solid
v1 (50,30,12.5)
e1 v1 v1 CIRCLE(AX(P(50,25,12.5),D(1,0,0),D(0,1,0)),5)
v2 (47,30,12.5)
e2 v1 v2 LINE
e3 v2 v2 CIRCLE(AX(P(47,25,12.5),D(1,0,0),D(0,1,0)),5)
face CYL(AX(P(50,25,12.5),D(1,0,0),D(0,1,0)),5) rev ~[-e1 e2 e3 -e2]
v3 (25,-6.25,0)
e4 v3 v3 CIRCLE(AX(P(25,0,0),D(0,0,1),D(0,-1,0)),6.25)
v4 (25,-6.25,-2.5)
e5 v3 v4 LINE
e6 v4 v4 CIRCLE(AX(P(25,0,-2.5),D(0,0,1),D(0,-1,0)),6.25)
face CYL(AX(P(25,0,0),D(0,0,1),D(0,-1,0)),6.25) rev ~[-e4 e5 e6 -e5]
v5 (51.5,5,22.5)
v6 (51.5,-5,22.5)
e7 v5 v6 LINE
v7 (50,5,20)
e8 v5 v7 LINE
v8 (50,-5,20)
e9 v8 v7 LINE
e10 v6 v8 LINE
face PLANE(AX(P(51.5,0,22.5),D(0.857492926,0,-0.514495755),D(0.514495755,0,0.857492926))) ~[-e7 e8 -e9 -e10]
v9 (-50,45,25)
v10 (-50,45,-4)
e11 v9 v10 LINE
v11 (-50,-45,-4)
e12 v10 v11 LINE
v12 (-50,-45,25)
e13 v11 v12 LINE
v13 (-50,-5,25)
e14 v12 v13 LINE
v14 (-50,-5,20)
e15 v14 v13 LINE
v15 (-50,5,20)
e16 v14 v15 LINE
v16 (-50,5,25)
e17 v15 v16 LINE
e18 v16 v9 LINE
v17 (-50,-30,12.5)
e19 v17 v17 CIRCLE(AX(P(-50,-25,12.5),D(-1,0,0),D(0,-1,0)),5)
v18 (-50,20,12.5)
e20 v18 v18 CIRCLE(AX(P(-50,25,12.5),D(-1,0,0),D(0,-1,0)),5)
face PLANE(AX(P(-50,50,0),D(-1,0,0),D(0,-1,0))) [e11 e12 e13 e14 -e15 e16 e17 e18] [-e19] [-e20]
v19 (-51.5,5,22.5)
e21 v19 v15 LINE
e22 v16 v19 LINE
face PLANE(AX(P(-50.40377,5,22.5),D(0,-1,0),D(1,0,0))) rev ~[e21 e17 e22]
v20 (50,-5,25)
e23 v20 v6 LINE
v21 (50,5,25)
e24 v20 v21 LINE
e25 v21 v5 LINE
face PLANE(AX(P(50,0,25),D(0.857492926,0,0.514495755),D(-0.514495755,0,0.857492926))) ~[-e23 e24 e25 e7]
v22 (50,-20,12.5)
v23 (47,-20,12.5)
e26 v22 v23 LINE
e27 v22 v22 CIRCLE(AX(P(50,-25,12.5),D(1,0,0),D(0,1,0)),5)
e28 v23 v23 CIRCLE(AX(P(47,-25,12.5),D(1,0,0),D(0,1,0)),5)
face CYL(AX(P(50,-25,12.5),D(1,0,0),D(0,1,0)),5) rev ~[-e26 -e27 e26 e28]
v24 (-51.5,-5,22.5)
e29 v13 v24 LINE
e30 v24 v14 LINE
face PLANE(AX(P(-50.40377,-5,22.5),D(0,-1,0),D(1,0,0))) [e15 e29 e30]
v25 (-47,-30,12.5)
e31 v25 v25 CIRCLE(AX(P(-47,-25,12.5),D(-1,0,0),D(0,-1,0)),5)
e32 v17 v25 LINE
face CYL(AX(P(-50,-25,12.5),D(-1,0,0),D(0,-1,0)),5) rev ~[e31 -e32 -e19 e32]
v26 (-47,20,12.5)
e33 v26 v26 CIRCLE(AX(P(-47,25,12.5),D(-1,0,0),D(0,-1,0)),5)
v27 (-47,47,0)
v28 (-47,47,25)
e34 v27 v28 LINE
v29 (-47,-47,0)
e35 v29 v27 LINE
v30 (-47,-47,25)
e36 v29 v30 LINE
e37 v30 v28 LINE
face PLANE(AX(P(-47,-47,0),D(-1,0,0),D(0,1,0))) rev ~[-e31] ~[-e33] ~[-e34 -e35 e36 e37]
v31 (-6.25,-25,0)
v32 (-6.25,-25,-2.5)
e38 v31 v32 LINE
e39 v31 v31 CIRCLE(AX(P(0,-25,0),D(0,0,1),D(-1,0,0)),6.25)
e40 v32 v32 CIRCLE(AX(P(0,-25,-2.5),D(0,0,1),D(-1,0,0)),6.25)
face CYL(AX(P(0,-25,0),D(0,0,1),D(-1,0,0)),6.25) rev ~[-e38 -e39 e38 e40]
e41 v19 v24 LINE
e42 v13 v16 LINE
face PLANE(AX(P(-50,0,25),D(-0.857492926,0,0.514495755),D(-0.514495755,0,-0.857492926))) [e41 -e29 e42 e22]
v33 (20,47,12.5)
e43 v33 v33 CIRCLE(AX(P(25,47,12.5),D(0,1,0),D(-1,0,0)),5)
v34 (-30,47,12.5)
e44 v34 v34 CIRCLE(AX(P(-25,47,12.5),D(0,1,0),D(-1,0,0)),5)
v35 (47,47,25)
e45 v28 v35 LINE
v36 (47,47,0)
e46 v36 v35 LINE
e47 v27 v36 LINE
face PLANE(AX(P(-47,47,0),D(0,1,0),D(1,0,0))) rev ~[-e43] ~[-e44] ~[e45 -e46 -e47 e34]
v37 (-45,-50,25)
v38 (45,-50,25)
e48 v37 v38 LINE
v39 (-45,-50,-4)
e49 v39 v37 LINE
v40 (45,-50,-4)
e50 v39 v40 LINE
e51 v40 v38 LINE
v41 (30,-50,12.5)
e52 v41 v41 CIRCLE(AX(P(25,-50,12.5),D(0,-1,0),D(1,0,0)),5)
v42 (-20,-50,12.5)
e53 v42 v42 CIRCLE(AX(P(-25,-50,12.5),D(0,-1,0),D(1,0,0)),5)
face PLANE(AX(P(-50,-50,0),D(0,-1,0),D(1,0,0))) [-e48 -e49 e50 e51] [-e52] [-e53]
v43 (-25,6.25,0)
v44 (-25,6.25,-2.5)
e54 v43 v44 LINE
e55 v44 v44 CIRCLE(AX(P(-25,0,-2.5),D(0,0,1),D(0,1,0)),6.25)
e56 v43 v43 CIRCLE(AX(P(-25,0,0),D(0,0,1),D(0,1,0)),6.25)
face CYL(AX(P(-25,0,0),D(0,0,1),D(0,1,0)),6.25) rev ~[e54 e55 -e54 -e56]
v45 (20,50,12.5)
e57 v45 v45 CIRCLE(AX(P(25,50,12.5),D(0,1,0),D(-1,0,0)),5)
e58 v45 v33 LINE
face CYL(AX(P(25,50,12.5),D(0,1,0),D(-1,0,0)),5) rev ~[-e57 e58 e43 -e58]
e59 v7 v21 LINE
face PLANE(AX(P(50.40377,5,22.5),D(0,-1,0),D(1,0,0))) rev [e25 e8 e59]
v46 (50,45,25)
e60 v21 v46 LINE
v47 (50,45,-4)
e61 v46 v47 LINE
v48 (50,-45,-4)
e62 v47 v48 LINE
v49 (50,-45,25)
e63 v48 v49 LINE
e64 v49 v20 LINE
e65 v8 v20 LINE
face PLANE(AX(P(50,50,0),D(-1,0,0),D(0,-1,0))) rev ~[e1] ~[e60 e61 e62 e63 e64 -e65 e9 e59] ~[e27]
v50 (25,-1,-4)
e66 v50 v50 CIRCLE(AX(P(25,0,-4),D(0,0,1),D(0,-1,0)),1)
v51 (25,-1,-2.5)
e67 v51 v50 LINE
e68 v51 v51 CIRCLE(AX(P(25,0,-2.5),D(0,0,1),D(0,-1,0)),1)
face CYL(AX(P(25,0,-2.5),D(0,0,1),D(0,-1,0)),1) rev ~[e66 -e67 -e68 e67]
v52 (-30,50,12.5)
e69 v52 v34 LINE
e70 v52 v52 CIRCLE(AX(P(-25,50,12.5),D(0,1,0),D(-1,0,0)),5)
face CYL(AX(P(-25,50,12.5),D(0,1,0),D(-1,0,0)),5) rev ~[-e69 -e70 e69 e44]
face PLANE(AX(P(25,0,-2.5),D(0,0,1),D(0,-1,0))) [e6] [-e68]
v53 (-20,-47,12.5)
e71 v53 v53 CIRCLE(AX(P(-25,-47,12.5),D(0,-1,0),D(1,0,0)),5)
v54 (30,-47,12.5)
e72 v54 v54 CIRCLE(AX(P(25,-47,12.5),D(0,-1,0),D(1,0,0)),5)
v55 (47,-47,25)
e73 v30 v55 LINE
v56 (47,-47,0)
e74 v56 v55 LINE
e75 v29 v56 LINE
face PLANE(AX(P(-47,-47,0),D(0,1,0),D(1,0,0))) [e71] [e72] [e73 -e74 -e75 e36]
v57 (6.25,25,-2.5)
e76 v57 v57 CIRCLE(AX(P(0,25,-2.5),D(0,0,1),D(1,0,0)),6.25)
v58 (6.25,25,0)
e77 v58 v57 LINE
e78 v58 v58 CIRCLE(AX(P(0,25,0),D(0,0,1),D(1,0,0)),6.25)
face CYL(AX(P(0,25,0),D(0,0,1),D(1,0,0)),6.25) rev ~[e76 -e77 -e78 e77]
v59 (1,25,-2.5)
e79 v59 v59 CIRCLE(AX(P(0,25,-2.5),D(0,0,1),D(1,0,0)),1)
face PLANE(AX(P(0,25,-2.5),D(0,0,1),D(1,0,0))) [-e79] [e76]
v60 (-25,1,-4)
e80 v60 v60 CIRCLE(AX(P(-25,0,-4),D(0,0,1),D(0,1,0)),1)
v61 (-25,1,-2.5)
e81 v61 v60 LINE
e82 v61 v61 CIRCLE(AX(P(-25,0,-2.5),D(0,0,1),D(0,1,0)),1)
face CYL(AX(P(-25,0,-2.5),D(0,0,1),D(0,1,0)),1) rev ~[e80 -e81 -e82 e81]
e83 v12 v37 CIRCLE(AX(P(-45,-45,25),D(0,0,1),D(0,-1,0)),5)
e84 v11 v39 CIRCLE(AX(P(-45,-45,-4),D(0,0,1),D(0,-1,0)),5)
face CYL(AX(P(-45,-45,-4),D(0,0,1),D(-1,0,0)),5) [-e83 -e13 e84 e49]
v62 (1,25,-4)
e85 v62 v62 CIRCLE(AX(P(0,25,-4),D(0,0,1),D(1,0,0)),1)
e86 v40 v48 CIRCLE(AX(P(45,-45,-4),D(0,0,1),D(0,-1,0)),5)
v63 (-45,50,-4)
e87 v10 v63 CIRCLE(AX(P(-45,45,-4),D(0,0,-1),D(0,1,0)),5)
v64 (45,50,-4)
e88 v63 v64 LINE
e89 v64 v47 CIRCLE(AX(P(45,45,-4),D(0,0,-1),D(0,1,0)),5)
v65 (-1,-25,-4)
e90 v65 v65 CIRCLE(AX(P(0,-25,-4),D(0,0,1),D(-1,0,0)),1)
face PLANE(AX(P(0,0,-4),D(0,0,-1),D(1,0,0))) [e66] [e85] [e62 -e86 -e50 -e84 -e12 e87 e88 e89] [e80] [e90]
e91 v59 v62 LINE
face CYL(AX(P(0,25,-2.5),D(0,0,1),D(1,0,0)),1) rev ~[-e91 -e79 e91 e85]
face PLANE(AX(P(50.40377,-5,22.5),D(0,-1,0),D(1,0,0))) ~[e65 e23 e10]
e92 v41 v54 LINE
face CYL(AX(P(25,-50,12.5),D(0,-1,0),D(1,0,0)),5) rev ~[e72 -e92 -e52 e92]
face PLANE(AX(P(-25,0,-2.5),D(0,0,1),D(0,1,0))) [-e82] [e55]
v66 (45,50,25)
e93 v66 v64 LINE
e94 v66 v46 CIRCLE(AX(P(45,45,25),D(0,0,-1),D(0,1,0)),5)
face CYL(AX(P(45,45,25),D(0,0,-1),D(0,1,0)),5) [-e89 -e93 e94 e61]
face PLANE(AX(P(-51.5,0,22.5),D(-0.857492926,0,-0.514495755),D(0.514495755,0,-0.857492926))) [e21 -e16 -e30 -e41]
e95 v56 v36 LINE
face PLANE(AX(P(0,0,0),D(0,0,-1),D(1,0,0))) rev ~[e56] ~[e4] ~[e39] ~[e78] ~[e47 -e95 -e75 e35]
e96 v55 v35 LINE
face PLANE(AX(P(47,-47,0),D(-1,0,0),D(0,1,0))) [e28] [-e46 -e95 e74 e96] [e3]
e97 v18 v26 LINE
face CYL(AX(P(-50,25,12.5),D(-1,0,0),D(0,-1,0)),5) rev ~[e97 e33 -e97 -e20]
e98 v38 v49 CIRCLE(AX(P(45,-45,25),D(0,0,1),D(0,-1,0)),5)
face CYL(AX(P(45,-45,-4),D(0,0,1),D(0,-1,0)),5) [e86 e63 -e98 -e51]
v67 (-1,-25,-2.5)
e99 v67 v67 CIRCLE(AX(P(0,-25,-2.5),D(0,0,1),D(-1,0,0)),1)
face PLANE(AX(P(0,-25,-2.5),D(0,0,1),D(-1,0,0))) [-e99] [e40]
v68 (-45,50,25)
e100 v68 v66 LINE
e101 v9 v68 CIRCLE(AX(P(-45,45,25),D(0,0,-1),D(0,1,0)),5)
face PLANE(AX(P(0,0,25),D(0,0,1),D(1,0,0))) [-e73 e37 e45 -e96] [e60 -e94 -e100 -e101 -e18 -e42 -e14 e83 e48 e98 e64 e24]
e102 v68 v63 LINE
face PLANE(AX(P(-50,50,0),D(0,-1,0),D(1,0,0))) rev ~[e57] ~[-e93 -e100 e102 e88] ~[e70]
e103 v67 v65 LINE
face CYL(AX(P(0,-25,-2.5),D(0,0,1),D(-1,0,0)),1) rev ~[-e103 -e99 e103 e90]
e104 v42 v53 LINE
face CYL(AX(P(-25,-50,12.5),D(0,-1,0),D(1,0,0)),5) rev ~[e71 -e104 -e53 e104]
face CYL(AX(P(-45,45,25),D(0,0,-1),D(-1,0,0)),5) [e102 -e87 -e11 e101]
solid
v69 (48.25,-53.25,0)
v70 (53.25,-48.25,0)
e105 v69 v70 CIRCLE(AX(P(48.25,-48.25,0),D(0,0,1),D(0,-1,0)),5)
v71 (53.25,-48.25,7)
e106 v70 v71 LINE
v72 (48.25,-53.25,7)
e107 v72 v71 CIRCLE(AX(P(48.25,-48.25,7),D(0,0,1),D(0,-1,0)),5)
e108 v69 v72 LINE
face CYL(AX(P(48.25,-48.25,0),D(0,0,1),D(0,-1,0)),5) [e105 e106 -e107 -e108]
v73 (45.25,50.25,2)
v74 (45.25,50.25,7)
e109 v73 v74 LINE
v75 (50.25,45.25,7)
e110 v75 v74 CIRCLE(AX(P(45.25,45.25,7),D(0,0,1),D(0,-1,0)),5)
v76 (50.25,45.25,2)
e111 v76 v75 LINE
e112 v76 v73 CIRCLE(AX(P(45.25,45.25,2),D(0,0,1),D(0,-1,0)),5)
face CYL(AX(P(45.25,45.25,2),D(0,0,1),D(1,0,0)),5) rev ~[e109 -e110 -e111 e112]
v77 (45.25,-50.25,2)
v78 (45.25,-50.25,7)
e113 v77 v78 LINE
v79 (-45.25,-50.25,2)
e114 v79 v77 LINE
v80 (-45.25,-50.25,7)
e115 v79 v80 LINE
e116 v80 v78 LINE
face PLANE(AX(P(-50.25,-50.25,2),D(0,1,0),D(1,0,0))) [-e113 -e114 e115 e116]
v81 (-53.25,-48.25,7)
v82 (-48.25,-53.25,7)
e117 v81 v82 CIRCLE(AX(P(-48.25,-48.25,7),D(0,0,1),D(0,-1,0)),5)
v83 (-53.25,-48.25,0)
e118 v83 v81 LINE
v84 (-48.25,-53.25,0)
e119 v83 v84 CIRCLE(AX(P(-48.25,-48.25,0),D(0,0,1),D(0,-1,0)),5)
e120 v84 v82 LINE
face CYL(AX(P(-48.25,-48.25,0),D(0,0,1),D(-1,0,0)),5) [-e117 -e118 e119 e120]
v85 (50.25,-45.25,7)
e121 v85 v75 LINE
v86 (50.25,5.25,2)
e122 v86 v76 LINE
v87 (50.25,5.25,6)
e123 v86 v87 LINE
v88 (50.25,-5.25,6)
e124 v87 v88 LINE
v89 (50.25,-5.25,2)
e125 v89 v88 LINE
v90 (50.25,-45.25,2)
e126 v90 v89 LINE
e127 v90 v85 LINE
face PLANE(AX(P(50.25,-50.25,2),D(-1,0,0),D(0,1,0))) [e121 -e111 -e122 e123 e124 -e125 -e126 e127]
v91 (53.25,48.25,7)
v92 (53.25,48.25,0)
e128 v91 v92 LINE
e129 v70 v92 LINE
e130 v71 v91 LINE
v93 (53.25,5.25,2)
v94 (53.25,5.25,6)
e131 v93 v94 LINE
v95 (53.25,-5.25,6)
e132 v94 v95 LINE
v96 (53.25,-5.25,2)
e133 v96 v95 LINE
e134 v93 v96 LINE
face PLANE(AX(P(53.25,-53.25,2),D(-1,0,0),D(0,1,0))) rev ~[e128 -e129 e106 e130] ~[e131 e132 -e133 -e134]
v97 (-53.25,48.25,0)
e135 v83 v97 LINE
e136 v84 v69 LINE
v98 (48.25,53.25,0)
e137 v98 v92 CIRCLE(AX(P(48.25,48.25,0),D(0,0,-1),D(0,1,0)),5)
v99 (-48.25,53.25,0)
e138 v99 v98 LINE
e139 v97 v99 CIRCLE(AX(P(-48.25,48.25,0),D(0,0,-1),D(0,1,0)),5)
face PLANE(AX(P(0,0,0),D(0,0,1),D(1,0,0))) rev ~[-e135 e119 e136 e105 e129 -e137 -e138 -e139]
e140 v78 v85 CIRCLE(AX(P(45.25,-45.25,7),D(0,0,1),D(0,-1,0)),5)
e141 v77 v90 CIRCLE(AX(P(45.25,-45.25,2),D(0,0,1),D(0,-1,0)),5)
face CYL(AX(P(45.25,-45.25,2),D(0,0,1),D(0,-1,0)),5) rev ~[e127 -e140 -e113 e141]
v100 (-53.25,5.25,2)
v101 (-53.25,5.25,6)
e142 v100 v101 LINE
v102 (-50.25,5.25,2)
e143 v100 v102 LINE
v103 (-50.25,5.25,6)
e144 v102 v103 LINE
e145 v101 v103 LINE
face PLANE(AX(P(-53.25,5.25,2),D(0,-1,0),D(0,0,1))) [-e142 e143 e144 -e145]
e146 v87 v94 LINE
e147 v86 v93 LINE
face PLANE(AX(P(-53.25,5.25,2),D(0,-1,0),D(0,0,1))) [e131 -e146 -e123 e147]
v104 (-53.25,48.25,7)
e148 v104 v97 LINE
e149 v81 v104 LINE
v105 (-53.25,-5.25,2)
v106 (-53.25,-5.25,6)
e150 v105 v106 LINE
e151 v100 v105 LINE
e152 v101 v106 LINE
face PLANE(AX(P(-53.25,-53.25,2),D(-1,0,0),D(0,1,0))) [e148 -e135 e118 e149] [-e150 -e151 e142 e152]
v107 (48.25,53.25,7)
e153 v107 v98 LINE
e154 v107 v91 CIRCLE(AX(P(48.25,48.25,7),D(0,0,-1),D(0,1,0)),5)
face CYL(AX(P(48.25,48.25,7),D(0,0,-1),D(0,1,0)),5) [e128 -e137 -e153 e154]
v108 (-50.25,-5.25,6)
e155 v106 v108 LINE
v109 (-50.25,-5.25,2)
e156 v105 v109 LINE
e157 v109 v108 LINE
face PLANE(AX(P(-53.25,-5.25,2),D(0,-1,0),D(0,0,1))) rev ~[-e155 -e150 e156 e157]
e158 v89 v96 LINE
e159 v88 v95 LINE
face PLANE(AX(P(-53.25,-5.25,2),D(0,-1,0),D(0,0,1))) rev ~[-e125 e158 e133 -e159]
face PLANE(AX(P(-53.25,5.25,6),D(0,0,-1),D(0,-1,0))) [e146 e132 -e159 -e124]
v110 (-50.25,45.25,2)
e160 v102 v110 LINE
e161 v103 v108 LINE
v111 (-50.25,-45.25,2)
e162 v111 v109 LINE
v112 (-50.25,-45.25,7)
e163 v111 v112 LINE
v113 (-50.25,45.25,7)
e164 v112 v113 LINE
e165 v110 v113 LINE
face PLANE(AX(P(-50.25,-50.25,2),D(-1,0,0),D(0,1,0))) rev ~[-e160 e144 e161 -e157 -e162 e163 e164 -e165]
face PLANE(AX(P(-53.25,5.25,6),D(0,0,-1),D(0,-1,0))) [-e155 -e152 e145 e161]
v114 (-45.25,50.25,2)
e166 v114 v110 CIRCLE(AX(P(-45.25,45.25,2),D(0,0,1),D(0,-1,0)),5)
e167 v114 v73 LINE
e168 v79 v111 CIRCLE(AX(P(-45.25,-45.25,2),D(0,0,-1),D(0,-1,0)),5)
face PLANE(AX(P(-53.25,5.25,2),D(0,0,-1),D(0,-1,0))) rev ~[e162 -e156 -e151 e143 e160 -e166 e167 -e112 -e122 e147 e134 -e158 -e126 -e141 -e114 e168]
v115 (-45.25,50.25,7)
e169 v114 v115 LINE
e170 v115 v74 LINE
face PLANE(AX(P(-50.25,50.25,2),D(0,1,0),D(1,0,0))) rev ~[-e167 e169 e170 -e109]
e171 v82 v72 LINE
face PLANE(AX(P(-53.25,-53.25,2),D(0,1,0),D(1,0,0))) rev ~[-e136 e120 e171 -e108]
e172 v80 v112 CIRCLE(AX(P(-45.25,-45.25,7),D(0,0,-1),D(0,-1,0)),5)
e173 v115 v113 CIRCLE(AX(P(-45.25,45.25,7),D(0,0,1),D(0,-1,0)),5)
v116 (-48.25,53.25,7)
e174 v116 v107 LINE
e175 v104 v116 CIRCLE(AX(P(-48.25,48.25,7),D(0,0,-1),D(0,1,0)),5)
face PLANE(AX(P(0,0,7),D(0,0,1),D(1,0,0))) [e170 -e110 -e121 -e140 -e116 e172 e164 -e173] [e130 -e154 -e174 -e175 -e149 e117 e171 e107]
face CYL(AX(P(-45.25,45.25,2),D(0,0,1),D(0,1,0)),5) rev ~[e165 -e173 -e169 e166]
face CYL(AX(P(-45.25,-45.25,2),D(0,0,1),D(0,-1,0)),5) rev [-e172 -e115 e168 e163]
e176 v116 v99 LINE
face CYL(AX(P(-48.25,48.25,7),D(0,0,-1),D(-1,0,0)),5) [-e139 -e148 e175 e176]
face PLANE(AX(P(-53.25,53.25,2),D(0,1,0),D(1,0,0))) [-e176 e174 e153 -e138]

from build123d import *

# Parameters (mm, degrees)
SKETCH_W              = 100
SKETCH_H              = 100
SKETCH_W_2            = 94
SKETCH_H_2            = 94
PAD_DEPTH             = 25
SKETCH001_W           = 100
SKETCH001_H           = 100
PAD001_DEPTH          = 4
SKETCH002_R           = 5
POCKET_DEPTH          = 3
POLARPATTERN_COUNT    = 4
FILLET_R              = 5
SKETCH003_R           = 6.25
POCKET001_DEPTH       = 2.5
POLARPATTERN001_COUNT = 4
SKETCH004_R           = 1
POCKET002_DEPTH       = 290.229246
POLARPATTERN002_COUNT = 4
PAD002_DEPTH          = 5
SKETCH006_W           = 106.5
SKETCH006_H           = 106.5
PAD003_DEPTH          = 2
SKETCH007_W           = 106.5
SKETCH007_H           = 106.5
SKETCH007_W_2         = 100.5
SKETCH007_H_2         = 100.5
PAD004_DEPTH          = 5
SKETCH008_W           = 10.5
SKETCH008_H           = 4
POCKET003_DEPTH       = 106.501
FILLET001_R           = 5
FILLET002_R           = 5


with BuildPart() as body:
    # Sketch → Pad (new body)
    with BuildSketch(Plane.XY):
        Rectangle(SKETCH_W, SKETCH_H)
        Rectangle(SKETCH_W_2, SKETCH_H_2, mode=Mode.SUBTRACT)
    extrude(amount=PAD_DEPTH)

    # Sketch001 (on Face9 of Pad) → Pad001 (join)
    with BuildSketch(Plane(origin=(0, 0, 0), x_dir=(1, 0, 0), z_dir=(0, 0, -1))):
        Rectangle(SKETCH001_W, SKETCH001_H)
    extrude(amount=PAD001_DEPTH)

    # Sketch002 (on Face6 of Pad001) → Pocket (cut)
    with BuildSketch(Plane.XZ.offset(50)):
        with Locations((-25, 12.5)):
            Circle(SKETCH002_R)
        with Locations((25, 12.5)):
            Circle(SKETCH002_R)
    pocket = extrude(amount=-POCKET_DEPTH, mode=Mode.SUBTRACT)

    # PolarPattern: Pocket ×4 about axis
    polarpattern_axis = Axis((0, 0, 0), (0, 0, 1))
    for i in range(1, POLARPATTERN_COUNT):
        add(pocket.rotate(polarpattern_axis, i * 360 / POLARPATTERN_COUNT), mode=Mode.SUBTRACT)

    # Fillet
    fillet_edges = [body.edges().sort_by_distance(p)[0] for p in [
        (-50, -50, 12.5),
        (-50, -50, -2),
        (50, -50, 12.5),
        (50, -50, -2),
        (50, 50, 12.5),
        (50, 50, -2),
        (-50, 50, 12.5),
        (-50, 50, -2),
    ]]
    fillet(fillet_edges, radius=FILLET_R)

    # Sketch003 (on Face31 of Fillet) → Pocket001 (cut)
    with BuildSketch(Plane.XY):
        with Locations((0, 25)):
            Circle(SKETCH003_R)
    pocket001 = extrude(amount=-POCKET001_DEPTH, mode=Mode.SUBTRACT)

    # PolarPattern001: Pocket001 ×4 about axis
    polarpattern001_axis = Axis((0, 0, 0), (0, 0, 1))
    for i in range(1, POLARPATTERN001_COUNT):
        add(pocket001.rotate(polarpattern001_axis, i * 360 / POLARPATTERN001_COUNT), mode=Mode.SUBTRACT)

    # Sketch004 (on Face39 of PolarPattern001) → Pocket002 (cut, through all)
    with BuildSketch(Plane.XY.offset(-2.5)):
        with Locations((0, 25)):
            Circle(SKETCH004_R)
    pocket002 = extrude(amount=-POCKET002_DEPTH, mode=Mode.SUBTRACT)

    # PolarPattern002: Pocket002 ×4 about axis
    polarpattern002_axis = Axis((0, 0, -2.5), (0, 0, 1))
    for i in range(1, POLARPATTERN002_COUNT):
        add(pocket002.rotate(polarpattern002_axis, i * 360 / POLARPATTERN002_COUNT), mode=Mode.SUBTRACT)

    # Sketch005 → Pad002 (join, symmetric)
    with BuildSketch(Plane.XZ):
        Polygon((-50, 25), (-51.5, 22.5), (-50, 20), align=None)
    pad002 = extrude(amount=PAD002_DEPTH, both=True)

    # Mirrored: Pad002 across Sketch005 V_Axis
    add(pad002.mirror(Plane(origin=(0, 0, 0), x_dir=(0, -1, 0), z_dir=(1, 0, 0))))


with BuildPart() as lid:
    # Sketch006 → Pad003 (new body)
    with BuildSketch(Plane.XY):
        Rectangle(SKETCH006_W, SKETCH006_H)
    extrude(amount=PAD003_DEPTH)

    # Sketch007 (on Face6 of Pad003) → Pad004 (join)
    with BuildSketch(Plane.XY.offset(2)):
        Rectangle(SKETCH007_W, SKETCH007_H)
        Rectangle(SKETCH007_W_2, SKETCH007_H_2, mode=Mode.SUBTRACT)
    extrude(amount=PAD004_DEPTH)

    # Sketch008 (on Face8 of Pad004) → Pocket003 (cut, through all)
    with BuildSketch(Plane(origin=(-53.25, 0, 0), x_dir=(0, -1, 0), z_dir=(-1, 0, 0))):
        with Locations((0, 4)):
            Rectangle(SKETCH008_W, SKETCH008_H)
    extrude(amount=-POCKET003_DEPTH, mode=Mode.SUBTRACT)

    # Fillet001
    fillet001_edges = [lid.edges().sort_by_distance(p)[0] for p in [
        (-50.25, -50.25, 4.5),
        (50.25, -50.25, 4.5),
        (50.25, 50.25, 4.5),
        (-50.25, 50.25, 4.5),
    ]]
    fillet(fillet001_edges, radius=FILLET001_R)

    # Fillet002
    fillet002_edges = [lid.edges().sort_by_distance(p)[0] for p in [
        (-53.25, 53.25, 1),
        (53.25, -53.25, 4.5),
        (-53.25, -53.25, 1),
        (53.25, 53.25, 4.5),
        (-53.25, 53.25, 4.5),
        (-53.25, -53.25, 4.5),
        (53.25, -53.25, 1),
        (53.25, 53.25, 1),
    ]]
    fillet(fillet002_edges, radius=FILLET002_R)


solid = Compound([body.part, lid.part])
